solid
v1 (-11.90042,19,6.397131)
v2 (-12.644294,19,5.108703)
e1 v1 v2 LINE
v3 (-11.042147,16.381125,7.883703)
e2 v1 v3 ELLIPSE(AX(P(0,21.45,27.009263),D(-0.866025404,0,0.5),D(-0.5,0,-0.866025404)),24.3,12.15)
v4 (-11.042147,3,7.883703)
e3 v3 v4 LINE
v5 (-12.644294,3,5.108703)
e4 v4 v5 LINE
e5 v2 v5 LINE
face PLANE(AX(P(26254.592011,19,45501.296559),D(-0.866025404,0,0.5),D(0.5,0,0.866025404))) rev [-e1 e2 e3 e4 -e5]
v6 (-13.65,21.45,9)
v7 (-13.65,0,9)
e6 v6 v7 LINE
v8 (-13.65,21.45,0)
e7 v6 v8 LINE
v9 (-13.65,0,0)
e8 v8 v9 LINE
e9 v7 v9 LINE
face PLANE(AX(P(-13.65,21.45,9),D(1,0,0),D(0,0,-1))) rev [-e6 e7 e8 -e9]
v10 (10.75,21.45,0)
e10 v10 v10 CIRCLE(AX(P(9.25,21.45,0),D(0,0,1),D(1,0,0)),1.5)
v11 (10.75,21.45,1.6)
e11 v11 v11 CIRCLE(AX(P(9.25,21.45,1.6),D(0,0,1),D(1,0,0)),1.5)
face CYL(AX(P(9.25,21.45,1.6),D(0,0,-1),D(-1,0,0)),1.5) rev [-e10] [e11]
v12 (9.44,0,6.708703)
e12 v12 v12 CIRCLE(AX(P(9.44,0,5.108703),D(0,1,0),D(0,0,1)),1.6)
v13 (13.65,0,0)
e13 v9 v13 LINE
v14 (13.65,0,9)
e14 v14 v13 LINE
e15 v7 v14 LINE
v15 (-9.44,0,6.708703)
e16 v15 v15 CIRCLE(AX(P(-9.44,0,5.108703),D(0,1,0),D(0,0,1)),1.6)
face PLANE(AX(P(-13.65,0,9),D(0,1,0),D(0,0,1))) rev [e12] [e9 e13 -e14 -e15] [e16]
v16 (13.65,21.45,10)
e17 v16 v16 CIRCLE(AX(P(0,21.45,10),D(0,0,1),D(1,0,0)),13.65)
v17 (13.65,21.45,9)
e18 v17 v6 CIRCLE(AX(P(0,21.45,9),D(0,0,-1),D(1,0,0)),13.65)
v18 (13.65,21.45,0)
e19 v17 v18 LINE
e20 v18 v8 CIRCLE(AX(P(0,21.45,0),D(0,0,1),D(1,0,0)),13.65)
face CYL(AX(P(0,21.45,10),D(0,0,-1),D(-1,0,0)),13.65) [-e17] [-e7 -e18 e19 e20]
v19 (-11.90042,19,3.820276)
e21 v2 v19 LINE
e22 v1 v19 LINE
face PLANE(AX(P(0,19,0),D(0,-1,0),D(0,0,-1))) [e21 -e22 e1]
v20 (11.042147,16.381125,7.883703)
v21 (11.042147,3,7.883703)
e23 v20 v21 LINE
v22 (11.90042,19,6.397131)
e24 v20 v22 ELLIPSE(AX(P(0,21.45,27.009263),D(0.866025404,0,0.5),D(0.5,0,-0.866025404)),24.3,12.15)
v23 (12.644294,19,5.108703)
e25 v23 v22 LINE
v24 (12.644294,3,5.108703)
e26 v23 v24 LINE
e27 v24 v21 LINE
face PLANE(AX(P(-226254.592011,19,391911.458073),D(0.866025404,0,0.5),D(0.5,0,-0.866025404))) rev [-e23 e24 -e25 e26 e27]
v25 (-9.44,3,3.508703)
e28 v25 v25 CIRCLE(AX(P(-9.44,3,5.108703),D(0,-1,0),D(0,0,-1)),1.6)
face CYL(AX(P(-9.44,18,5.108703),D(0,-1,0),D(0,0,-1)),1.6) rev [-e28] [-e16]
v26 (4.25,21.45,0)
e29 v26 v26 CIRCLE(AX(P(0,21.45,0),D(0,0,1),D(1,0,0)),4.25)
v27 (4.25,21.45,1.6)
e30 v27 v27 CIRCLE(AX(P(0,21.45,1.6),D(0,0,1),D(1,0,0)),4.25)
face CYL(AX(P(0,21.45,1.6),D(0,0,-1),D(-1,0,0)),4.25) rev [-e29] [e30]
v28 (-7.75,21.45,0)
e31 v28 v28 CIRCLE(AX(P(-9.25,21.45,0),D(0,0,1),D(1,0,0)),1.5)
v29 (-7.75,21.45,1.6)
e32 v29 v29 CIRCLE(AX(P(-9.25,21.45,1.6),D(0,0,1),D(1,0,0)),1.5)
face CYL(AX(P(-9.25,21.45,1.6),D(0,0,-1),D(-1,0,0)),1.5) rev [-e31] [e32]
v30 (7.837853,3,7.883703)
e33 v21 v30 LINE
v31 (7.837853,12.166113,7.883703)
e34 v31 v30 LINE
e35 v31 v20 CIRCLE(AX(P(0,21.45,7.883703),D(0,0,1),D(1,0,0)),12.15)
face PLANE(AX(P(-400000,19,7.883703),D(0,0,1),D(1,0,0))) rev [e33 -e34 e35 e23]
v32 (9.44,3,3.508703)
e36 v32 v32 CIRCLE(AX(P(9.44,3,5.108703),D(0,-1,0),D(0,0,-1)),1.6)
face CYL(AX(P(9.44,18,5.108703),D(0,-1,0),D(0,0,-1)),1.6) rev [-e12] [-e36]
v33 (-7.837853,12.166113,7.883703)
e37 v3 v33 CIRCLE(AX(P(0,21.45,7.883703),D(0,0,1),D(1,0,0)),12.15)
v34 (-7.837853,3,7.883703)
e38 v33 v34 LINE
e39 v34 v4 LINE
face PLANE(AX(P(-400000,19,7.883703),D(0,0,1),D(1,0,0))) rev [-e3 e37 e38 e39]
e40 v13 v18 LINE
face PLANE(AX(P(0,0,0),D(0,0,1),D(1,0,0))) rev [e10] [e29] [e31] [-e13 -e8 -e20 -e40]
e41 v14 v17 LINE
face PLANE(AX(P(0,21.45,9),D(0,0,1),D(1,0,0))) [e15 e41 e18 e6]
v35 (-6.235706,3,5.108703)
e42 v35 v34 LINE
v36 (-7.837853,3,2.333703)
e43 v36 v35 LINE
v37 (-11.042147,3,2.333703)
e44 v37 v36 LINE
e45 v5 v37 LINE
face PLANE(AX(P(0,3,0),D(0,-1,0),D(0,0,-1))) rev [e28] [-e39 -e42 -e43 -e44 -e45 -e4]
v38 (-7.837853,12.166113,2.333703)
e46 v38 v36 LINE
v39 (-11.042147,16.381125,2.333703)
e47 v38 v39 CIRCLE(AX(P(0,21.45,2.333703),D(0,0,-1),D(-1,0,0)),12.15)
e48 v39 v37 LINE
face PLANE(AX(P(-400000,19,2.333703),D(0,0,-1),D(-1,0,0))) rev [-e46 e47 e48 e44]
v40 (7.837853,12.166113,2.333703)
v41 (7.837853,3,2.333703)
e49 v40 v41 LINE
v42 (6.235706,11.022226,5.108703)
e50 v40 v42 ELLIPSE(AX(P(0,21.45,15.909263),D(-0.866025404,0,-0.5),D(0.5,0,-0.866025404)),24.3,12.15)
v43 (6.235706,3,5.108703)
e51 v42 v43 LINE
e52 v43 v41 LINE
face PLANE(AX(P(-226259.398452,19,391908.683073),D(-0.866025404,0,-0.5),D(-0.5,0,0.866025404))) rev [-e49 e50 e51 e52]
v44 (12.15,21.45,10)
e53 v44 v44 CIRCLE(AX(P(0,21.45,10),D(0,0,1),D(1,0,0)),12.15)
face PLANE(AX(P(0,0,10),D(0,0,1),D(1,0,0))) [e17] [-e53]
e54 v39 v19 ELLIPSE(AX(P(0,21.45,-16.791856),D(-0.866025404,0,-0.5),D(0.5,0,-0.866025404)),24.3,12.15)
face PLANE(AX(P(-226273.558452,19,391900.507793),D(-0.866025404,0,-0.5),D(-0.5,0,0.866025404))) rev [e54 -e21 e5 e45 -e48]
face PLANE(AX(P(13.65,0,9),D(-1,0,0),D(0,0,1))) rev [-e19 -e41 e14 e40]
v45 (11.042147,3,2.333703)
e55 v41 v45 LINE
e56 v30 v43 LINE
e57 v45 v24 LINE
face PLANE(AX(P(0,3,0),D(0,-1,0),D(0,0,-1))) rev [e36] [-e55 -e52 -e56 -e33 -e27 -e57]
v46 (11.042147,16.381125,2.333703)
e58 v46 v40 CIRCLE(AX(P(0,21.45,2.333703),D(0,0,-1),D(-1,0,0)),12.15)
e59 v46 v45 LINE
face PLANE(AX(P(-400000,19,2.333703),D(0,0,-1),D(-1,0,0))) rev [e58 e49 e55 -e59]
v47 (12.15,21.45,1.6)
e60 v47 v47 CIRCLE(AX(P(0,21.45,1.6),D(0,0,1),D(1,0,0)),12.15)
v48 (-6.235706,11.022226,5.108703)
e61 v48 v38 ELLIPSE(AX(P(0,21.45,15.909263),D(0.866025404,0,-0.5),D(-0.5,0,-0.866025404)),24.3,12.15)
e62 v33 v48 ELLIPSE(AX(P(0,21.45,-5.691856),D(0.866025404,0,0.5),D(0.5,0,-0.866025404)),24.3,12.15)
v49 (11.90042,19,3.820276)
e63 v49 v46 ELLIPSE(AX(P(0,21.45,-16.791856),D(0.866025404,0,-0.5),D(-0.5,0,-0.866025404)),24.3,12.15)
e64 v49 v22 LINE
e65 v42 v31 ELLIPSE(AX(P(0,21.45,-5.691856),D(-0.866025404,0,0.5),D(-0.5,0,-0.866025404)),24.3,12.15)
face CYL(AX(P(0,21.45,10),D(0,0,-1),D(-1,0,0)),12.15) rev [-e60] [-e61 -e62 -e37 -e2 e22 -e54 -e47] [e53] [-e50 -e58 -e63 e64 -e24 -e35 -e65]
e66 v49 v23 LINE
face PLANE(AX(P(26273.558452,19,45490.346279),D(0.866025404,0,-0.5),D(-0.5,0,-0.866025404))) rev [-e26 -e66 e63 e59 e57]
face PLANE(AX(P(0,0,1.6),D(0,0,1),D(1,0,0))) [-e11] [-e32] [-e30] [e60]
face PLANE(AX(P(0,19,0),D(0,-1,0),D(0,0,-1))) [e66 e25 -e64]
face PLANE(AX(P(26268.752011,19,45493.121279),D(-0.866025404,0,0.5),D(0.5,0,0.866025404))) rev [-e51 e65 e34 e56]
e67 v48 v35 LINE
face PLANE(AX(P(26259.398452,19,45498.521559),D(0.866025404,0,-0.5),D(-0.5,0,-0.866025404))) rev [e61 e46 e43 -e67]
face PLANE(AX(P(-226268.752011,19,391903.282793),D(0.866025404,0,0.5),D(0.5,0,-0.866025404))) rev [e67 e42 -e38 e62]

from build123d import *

# Parameters (mm, degrees)
SKETCH1_R           = 13.65
SKETCH1_R_2         = 12.15
BOSS_EXTRUDE1_DEPTH = 10
SKETCH1_4_R         = 12.15
SKETCH1_4_R_2       = 1.5
SKETCH1_4_R_3       = 4.25
BOSS_EXTRUDE2_DEPTH = 1.6
BOSS_EXTRUDE3_DEPTH = 9
SKETCH3_R           = 1.6
CUT_EXTRUDE1_DEPTH  = 18
CUT_EXTRUDE2_START  = 3
CUT_EXTRUDE2_DEPTH  = 16


with BuildPart() as part:
    # Sketch1 → Boss-Extrude1 (new body)
    with BuildSketch(Plane.XY):
        with Locations((0, 21.45)):
            Circle(SKETCH1_R)
        with Locations((0, 21.45)):
            Circle(SKETCH1_R_2, mode=Mode.SUBTRACT)
    extrude(amount=BOSS_EXTRUDE1_DEPTH)

    # Sketch1<4> → Boss-Extrude2 (add)
    with BuildSketch(Plane.XY):
        with Locations((0, 21.45)):
            Circle(SKETCH1_4_R)
        with Locations((-9.25, 21.45)):
            Circle(SKETCH1_4_R_2, mode=Mode.SUBTRACT)
        with Locations((9.25, 21.45)):
            Circle(SKETCH1_4_R_2, mode=Mode.SUBTRACT)
        with Locations((0, 21.45)):
            Circle(SKETCH1_4_R_3, mode=Mode.SUBTRACT)
    extrude(amount=BOSS_EXTRUDE2_DEPTH)

    # Sketch2 → Boss-Extrude3 (add)
    with BuildSketch(Plane.XY):
        with BuildLine():
            Line((-13.65, 21.45), (-13.65, 0))
            Line((-13.65, 0), (13.65, 0))
            Line((13.65, 0), (13.65, 21.45))
            ThreePointArc((13.65, 21.45), (0, 7.8), (-13.65, 21.45))
        make_face()
    extrude(amount=BOSS_EXTRUDE3_DEPTH)

    # Sketch3 → Cut-Extrude1 (cut)
    with BuildSketch(Plane(origin=(0, 0, 0), x_dir=(1, 0, 0), z_dir=(0, 1, 0))):
        with Locations(Location((-9.44, -5.108703369, 0), (0, 0, 90))):
            Circle(SKETCH3_R)
        with Locations(Location((9.44, -5.108703369, 0), (0, 0, 90))):
            Circle(SKETCH3_R)
    extrude(amount=CUT_EXTRUDE1_DEPTH, mode=Mode.SUBTRACT)

    # Sketch4 → Cut-Extrude2 (cut)
    with BuildSketch(Plane(origin=(0, 0, 0), x_dir=(1, 0, 0), z_dir=(0, 1, 0)).offset(CUT_EXTRUDE2_START)):
        Polygon((-7.837853003, -2.333703369), (-11.042146997, -2.333703369), (-12.644293994, -5.108703369), (-11.042146997, -7.883703369), (-7.837853003, -7.883703369), (-6.235706006, -5.108703369), align=None)
        Polygon((11.042146997, -2.333703369), (7.837853003, -2.333703369), (6.235706006, -5.108703369), (7.837853003, -7.883703369), (11.042146997, -7.883703369), (12.644293994, -5.108703369), align=None)
    extrude(amount=CUT_EXTRUDE2_DEPTH, mode=Mode.SUBTRACT)


solid = part.part
